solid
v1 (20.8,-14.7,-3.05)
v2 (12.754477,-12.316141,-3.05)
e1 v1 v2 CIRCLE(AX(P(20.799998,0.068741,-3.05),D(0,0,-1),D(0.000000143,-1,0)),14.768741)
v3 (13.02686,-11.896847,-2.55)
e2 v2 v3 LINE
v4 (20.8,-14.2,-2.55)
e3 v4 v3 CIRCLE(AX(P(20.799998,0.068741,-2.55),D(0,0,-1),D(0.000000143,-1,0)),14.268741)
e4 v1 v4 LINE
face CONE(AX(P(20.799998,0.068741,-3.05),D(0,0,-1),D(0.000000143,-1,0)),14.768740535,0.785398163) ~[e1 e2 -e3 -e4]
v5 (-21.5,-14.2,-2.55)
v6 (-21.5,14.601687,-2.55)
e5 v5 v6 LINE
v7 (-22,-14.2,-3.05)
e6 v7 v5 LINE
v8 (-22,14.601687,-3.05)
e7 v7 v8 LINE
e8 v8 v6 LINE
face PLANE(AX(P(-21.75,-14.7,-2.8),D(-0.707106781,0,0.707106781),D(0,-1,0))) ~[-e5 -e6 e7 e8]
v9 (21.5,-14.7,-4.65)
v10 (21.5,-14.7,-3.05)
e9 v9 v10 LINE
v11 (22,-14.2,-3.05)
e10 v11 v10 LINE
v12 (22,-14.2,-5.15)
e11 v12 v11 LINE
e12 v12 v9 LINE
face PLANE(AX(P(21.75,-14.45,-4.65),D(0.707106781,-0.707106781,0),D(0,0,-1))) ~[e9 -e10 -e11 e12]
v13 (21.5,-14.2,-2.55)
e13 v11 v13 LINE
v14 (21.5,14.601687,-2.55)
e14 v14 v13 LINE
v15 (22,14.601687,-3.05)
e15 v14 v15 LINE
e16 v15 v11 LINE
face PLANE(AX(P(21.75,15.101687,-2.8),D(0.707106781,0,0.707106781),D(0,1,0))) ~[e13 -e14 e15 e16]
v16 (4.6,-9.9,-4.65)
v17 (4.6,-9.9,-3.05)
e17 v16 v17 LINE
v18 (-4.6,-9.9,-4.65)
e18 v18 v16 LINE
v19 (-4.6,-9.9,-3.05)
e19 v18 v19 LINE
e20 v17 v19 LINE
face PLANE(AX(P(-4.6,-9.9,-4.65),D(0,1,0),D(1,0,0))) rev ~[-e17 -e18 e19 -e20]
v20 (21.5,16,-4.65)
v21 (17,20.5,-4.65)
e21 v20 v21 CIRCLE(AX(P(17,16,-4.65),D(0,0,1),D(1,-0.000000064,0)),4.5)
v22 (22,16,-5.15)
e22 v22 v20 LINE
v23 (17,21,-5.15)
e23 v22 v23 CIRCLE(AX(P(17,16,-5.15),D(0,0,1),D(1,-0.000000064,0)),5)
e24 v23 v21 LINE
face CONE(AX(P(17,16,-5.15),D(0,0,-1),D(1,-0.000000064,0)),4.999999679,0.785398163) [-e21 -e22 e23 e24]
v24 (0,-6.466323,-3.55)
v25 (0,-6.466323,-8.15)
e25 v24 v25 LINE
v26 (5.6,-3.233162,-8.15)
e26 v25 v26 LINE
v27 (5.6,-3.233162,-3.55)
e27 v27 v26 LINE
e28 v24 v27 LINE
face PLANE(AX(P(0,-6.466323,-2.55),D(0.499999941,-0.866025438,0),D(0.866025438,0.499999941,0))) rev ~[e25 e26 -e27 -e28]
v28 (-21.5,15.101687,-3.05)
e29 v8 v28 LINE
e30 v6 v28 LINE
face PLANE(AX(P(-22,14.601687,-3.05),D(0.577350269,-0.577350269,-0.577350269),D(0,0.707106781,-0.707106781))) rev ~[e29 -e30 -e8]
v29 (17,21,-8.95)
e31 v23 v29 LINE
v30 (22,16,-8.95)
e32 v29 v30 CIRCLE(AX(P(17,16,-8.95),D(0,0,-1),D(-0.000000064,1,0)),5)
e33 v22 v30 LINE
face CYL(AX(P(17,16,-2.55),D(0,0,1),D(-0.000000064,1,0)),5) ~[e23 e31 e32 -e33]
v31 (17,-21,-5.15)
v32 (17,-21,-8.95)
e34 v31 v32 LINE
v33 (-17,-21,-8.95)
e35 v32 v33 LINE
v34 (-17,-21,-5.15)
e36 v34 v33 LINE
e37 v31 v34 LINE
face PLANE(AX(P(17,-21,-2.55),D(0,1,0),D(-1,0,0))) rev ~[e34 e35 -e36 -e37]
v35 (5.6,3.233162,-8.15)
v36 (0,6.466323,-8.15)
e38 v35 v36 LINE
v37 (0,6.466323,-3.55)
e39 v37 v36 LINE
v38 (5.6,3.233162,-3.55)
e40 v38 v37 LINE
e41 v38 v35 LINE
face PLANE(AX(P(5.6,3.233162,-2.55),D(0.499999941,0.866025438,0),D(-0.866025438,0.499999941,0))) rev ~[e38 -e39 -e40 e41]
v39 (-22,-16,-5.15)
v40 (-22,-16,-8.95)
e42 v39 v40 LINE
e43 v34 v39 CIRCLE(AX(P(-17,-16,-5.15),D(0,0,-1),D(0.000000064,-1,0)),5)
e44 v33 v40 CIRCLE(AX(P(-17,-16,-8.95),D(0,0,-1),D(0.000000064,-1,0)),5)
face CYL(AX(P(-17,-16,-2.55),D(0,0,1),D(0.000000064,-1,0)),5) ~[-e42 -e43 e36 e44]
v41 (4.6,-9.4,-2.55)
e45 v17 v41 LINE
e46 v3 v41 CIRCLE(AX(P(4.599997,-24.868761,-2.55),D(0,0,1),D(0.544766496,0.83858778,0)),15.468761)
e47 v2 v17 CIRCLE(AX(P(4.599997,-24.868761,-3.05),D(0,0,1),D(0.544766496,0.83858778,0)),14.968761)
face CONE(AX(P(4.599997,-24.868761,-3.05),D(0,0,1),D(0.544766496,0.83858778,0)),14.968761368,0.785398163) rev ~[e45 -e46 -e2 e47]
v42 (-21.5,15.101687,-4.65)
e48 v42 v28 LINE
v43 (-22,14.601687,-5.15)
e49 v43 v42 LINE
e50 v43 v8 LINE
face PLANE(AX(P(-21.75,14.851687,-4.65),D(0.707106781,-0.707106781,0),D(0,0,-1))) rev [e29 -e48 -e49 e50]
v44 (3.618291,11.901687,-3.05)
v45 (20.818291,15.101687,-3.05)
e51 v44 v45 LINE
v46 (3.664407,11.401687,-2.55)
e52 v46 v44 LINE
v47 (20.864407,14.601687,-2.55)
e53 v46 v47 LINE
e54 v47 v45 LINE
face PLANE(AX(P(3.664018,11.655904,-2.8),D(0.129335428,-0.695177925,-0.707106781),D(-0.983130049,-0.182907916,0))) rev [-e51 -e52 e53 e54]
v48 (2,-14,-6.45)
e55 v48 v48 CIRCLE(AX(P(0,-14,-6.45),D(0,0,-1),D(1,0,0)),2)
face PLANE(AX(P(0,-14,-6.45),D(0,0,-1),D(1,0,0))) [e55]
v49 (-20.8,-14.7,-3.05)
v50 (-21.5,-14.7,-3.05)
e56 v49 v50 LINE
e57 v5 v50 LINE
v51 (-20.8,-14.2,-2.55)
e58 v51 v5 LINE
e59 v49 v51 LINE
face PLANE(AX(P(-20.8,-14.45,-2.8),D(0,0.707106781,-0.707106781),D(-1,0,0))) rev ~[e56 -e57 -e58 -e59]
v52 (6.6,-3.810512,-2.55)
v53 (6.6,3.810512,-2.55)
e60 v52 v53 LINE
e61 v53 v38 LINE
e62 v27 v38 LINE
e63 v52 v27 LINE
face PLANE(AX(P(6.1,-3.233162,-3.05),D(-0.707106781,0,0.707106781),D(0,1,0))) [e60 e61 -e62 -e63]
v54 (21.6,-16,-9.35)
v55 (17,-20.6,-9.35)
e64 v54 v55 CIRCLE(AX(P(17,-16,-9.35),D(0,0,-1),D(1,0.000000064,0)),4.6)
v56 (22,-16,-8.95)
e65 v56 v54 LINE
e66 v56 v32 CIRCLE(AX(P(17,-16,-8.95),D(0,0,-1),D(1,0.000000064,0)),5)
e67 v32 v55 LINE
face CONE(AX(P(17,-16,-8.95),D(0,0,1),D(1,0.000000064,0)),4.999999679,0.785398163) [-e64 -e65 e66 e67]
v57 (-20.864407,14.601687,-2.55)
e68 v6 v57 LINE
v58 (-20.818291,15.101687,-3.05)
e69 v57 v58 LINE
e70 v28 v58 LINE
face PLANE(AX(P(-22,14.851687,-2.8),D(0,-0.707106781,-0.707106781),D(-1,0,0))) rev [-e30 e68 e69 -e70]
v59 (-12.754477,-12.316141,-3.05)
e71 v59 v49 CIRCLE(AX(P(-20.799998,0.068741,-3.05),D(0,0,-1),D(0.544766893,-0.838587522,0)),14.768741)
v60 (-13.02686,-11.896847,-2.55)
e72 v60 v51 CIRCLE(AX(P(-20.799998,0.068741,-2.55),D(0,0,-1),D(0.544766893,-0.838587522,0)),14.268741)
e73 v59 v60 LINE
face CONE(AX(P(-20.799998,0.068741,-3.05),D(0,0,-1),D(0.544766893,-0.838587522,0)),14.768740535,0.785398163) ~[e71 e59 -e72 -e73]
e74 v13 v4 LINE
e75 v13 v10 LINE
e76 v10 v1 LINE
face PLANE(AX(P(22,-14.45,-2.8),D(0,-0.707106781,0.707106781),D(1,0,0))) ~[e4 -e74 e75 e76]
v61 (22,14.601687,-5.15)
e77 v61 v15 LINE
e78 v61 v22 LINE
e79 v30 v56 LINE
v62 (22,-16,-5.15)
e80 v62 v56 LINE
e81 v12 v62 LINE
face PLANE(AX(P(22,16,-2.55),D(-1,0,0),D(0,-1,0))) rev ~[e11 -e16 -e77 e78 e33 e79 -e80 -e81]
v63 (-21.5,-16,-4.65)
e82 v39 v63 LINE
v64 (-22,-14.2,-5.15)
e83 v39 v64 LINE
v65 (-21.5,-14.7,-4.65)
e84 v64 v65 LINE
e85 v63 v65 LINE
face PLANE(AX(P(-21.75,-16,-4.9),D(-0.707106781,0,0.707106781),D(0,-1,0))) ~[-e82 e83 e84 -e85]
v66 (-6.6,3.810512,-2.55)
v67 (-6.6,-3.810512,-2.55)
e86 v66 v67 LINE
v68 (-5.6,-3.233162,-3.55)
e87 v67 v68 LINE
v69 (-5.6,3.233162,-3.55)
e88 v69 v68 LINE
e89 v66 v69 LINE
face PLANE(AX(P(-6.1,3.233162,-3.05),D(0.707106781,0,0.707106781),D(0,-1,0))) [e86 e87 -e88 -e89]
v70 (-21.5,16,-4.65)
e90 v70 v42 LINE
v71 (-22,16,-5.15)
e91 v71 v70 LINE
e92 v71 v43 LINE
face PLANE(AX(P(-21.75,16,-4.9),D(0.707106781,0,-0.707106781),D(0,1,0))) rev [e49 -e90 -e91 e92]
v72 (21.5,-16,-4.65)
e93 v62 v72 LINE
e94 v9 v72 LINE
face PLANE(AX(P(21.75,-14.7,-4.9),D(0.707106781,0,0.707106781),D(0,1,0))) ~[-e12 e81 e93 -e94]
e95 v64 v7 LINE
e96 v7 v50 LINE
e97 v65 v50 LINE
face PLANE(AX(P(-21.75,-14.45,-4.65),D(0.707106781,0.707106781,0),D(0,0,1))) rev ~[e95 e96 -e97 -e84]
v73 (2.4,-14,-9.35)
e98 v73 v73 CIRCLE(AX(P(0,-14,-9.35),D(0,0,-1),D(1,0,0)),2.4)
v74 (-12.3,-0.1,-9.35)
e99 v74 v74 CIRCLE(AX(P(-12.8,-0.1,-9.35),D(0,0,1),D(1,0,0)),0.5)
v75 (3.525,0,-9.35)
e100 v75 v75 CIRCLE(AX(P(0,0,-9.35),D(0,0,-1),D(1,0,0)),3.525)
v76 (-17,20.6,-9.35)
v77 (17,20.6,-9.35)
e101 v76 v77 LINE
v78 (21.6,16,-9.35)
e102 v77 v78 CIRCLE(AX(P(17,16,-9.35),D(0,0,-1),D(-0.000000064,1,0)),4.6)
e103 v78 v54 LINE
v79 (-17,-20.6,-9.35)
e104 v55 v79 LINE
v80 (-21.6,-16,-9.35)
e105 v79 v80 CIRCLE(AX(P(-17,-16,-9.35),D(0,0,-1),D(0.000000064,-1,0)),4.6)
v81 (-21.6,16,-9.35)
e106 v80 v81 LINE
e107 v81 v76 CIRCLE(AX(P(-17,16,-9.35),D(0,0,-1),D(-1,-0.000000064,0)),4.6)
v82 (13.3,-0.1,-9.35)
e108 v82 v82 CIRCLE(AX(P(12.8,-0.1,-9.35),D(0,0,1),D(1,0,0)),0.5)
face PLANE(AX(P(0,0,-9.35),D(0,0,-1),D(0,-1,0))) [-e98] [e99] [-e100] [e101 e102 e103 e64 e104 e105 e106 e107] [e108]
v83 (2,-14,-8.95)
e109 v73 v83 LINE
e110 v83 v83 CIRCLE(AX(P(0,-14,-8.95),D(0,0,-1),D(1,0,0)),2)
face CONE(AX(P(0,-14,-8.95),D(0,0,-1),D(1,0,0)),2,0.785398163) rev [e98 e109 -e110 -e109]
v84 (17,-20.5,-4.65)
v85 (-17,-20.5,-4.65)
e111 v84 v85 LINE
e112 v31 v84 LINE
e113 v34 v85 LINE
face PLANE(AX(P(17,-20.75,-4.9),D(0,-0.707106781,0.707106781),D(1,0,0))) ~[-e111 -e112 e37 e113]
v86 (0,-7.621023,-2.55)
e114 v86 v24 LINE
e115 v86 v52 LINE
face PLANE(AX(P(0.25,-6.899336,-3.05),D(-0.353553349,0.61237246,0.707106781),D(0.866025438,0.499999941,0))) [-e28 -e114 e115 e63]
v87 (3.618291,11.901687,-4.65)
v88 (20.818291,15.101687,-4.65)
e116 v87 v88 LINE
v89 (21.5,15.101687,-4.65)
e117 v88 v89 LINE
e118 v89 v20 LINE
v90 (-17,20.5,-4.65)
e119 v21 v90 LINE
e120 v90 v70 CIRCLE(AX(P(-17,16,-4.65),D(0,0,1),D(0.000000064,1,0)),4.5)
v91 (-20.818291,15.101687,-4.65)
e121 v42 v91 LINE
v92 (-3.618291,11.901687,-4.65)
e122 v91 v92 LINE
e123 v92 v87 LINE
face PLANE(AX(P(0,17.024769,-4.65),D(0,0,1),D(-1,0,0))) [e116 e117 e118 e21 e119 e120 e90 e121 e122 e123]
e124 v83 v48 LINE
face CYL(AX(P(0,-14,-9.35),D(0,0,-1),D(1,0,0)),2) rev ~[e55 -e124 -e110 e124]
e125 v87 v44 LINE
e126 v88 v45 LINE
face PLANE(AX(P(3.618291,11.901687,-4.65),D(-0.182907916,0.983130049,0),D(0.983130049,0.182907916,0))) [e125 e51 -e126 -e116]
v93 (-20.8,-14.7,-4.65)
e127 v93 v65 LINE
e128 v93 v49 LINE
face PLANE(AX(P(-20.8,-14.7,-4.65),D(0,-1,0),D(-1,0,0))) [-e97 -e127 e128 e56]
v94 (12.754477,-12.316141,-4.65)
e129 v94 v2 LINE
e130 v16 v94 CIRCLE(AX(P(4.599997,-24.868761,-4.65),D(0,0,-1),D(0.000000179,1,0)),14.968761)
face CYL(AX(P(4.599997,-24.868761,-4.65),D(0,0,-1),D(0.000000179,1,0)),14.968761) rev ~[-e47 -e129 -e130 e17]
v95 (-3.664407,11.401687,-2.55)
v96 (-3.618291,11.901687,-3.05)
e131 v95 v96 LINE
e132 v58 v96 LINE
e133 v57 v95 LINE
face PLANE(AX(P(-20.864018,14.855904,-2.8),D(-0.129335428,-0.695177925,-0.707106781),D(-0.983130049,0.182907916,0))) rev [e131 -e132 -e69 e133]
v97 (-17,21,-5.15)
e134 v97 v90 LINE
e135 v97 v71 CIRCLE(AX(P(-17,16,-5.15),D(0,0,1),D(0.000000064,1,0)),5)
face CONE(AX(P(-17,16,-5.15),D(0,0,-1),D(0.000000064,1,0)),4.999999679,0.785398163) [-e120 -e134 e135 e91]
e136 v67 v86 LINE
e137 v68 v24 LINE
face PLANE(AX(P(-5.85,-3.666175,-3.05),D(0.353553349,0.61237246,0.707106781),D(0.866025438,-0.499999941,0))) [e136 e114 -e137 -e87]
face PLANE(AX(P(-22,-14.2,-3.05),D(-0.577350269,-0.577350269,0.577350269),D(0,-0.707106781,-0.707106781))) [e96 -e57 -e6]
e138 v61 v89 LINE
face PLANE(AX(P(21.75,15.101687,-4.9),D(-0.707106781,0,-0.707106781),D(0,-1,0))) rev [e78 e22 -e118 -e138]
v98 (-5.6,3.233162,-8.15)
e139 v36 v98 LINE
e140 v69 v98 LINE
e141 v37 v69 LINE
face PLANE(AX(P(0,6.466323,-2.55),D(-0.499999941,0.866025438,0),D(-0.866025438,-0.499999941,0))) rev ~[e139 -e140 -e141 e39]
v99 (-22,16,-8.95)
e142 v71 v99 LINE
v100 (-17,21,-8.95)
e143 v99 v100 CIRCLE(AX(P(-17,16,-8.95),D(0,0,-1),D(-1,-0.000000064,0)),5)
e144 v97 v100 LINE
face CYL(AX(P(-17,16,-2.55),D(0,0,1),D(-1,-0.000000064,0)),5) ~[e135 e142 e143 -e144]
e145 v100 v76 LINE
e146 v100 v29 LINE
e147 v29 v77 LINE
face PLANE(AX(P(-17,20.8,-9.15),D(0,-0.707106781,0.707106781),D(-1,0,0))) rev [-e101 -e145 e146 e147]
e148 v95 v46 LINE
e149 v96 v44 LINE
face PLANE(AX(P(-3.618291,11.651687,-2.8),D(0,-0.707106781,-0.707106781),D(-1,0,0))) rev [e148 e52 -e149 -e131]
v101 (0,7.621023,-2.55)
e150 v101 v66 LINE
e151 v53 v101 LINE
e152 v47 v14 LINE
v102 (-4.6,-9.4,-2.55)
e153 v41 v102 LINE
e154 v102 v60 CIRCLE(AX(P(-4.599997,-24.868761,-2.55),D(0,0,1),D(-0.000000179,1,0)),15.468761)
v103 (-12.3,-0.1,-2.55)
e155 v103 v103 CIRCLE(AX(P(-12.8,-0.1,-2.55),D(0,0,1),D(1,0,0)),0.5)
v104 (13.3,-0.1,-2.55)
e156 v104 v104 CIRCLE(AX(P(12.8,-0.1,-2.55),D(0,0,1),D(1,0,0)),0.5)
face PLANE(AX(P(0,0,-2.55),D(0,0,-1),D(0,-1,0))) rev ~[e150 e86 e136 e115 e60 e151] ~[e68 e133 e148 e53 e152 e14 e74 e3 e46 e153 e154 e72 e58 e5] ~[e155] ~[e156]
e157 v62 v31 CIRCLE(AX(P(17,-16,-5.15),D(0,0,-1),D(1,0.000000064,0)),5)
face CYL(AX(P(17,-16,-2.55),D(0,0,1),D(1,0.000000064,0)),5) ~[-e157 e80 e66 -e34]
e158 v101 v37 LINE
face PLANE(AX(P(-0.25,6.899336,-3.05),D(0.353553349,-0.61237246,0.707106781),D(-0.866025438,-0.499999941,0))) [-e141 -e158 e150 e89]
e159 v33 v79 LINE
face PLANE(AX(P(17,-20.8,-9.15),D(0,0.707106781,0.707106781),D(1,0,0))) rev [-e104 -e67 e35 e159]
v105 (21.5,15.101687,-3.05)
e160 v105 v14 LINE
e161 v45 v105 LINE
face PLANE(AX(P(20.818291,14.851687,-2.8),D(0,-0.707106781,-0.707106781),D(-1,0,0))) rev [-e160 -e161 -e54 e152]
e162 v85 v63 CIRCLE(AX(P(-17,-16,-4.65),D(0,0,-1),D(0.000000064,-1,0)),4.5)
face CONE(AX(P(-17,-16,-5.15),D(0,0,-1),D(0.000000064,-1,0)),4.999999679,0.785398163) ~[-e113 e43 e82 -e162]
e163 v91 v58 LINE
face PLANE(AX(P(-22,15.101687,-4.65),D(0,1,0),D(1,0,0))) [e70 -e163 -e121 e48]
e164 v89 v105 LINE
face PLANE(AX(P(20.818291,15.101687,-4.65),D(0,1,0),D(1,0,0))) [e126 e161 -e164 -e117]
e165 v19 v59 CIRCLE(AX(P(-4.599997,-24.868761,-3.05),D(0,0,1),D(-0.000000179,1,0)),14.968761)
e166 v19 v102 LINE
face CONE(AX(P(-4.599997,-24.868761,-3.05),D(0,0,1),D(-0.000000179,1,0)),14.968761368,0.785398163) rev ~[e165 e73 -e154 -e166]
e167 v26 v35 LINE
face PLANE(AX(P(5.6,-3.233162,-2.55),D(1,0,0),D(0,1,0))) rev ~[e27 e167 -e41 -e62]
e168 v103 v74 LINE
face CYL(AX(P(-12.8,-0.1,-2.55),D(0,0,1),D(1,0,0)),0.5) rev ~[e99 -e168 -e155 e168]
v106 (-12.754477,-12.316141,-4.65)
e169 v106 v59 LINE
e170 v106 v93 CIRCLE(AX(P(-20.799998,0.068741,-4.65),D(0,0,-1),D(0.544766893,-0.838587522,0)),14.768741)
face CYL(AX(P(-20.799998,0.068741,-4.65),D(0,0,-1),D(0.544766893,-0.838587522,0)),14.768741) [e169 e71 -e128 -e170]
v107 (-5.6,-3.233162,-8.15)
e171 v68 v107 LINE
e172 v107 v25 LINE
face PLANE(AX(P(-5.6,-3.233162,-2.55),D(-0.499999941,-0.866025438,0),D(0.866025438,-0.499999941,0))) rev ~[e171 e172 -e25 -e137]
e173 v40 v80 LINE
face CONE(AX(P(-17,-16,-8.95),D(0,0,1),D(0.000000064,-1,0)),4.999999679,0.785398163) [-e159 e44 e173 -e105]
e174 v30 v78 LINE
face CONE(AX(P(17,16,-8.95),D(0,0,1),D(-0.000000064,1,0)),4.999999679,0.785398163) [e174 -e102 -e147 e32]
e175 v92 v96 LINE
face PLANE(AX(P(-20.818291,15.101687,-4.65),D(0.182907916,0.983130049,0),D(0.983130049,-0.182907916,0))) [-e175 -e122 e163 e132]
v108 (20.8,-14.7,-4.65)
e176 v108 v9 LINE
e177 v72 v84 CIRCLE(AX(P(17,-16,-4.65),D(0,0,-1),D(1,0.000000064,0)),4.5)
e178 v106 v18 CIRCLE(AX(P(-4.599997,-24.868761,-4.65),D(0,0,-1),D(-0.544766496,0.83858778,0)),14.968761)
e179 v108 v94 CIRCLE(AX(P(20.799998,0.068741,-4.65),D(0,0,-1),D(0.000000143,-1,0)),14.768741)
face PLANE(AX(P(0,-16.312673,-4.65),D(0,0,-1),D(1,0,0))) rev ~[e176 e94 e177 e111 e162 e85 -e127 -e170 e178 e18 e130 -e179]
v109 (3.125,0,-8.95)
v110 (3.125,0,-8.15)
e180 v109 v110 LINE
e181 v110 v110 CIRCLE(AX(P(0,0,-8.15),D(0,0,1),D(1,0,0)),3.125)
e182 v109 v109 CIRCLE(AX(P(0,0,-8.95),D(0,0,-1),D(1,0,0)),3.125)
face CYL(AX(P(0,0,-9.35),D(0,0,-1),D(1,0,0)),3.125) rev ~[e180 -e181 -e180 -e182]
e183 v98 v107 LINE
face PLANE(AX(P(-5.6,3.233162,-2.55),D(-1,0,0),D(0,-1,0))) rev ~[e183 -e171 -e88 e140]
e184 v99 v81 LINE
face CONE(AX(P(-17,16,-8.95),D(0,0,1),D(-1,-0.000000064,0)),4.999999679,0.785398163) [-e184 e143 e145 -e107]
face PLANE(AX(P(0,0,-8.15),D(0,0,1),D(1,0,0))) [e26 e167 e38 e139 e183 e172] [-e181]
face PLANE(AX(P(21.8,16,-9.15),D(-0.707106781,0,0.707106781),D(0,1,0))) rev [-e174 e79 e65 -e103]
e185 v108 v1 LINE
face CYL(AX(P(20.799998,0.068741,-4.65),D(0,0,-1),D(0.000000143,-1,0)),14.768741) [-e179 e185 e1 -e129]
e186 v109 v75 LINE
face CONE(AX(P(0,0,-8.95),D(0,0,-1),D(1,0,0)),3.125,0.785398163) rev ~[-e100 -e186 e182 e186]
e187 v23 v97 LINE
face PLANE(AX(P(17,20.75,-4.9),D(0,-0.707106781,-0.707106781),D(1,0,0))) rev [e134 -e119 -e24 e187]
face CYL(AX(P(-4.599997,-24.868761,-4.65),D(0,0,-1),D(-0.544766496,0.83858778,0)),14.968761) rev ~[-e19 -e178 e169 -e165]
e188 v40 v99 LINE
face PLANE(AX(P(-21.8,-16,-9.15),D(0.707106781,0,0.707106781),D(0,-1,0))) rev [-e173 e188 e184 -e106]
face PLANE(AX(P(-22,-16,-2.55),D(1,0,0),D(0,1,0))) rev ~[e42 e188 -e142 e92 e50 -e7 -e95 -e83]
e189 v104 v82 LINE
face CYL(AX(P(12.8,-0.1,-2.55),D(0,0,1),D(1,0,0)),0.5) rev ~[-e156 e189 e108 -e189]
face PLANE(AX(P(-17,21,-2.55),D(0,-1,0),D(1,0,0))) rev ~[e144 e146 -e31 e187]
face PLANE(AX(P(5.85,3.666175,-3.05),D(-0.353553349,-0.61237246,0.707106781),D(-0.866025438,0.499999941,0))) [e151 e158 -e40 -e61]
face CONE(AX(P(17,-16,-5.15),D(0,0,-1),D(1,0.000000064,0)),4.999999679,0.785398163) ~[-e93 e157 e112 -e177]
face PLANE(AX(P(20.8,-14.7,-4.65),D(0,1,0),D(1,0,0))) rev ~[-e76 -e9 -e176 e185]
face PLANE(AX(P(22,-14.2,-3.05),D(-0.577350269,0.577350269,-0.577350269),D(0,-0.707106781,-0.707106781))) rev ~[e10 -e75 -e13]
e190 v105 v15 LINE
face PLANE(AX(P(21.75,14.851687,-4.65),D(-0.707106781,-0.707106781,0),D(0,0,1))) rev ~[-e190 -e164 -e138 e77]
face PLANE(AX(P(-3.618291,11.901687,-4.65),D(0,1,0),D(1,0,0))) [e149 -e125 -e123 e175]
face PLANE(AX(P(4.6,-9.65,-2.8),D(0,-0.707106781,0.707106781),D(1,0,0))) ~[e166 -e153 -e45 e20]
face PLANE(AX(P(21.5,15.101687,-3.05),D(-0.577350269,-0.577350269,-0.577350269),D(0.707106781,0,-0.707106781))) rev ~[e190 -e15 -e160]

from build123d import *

# Parameters (mm, degrees)
PAD006_DEPTH       = 6.8
POCKET007_DEPTH    = 2.101
POCKET009_DEPTH    = 2.101
CHAMFER003_SIZE    = 0.5
SKETCH023_R        = 3.125
SKETCH023_R_2      = 2
POCKET021_DEPTH    = 2.9
POCKET021_FACE36_R = 3.125
POCKET022_DEPTH    = 3.901
POCKET023_DEPTH    = 5.6
CHAMFER006_SIZE    = 0.4
SKETCH021_R        = 0.5
POCKET024_DEPTH    = 6.801
CHAMFER007_SIZE    = 1


with BuildPart() as part:
    # ShapeBinder001 → Pad006 (new body)
    with BuildSketch(Plane(origin=(0, 0, -2.55), x_dir=(0, -1, 0), z_dir=(0, 0, -1))):
        with BuildLine():
            Line((21, -17), (21, 17))
            ThreePointArc((21, 17), (19.535534, 20.535534), (16, 22))
            Line((16, 22), (-16, 22))
            ThreePointArc((-16, 22), (-19.535534, 20.535534), (-21, 17))
            Line((-21, 17), (-21, -17))
            ThreePointArc((-21, -17), (-19.535534, -20.535534), (-16, -22))
            Line((-16, -22), (16, -22))
            ThreePointArc((16, -22), (19.535534, -20.535534), (21, -17))
        make_face()
    extrude(amount=PAD006_DEPTH)

    # Sketch012 (on Face1 of ShapeBinder003) → Pocket007 (cut, through all)
    with BuildSketch(Plane(origin=(0, 0, -4.65), x_dir=(1, 0, 0), z_dir=(0, 0, -1))):
        with BuildLine():
            Line((-22, -16), (-22, -15.101687))
            Line((-22, -15.101687), (-20.818291, -15.101687))
            Line((-20.818291, -15.101687), (-3.618291, -11.901687))
            Line((-3.618291, -11.901687), (3.618291, -11.901687))
            Line((3.618291, -11.901687), (20.818291, -15.101687))
            Line((20.818291, -15.101687), (22, -15.101687))
            Line((22, -15.101687), (22, -16))
            ThreePointArc((17, -21), (20.535534, -19.535534), (22, -16))
            Line((17, -21), (-17, -21))
            ThreePointArc((-22, -16), (-20.535534, -19.535534), (-17, -21))
        make_face()
    extrude(amount=-POCKET007_DEPTH, mode=Mode.SUBTRACT)

    # Sketch014 (on Face1 of ShapeBinder004) → Pocket009 (cut, through all)
    with BuildSketch(Plane(origin=(0, 0, -4.65), x_dir=(1, 0, 0), z_dir=(0, 0, -1))):
        with BuildLine():
            Line((17, 21), (-17, 21))
            ThreePointArc((-17, 21), (-20.535534, 19.535534), (-22, 16))
            Line((-22, 14.7), (-22, 16))
            Line((-20.8, 14.7), (-22, 14.7))
            ThreePointArc((-12.754477, 12.316141), (-16.604371, 14.0915), (-20.8, 14.7))
            ThreePointArc((-12.754477, 12.316141), (-8.852447, 10.516741), (-4.6, 9.9))
            Line((-4.6, 9.9), (4.6, 9.9))
            ThreePointArc((4.6, 9.9), (8.852447, 10.516741), (12.754477, 12.316141))
            ThreePointArc((20.8, 14.7), (16.604371, 14.0915), (12.754477, 12.316141))
            Line((20.8, 14.7), (22, 14.7))
            Line((22, 14.7), (22, 16))
            ThreePointArc((22, 16), (20.535534, 19.535534), (17, 21))
        make_face()
    extrude(amount=-POCKET009_DEPTH, mode=Mode.SUBTRACT)

    # Chamfer003
    chamfer003_edges = [part.edges().sort_by_distance(p)[0] for p in [
        (-21.4, -14.7, -2.55),
        (-16.604371, -14.0915, -2.55),
        (-8.852447, -10.516741, -2.55),
        (0, -9.9, -2.55),
        (8.852447, -10.516741, -2.55),
        (16.604371, -14.0915, -2.55),
        (21.4, -14.7, -2.55),
        (22, 0.200843, -2.55),
        (21.409145, 15.101687, -2.55),
        (12.218291, 13.501687, -2.55),
        (0, 11.901687, -2.55),
        (-12.218291, 13.501687, -2.55),
        (-21.409145, 15.101687, -2.55),
        (-22, 0.200843, -2.55),
        (0, -21, -4.65),
        (0, 21, -4.65),
        (22, -14.7, -3.6),
        (-22, -14.7, -3.6),
        (22, 15.101687, -3.6),
        (-22, 15.101687, -3.6),
    ]]
    chamfer(chamfer003_edges, length=CHAMFER003_SIZE)

    # Sketch023 → Pocket021 (cut)
    with BuildSketch(Plane(origin=(0, 0, -9.35), x_dir=(1, 0, 0), z_dir=(0, 0, -1))):
        Circle(SKETCH023_R)
        with Locations((0, 14)):
            Circle(SKETCH023_R_2)
    extrude(amount=-POCKET021_DEPTH, mode=Mode.SUBTRACT)

    # Pocket021 Face36 → Pocket022 (cut, through all)
    with BuildSketch(Plane(origin=(0, 0, -6.45), x_dir=(0, -1, 0), z_dir=(0, 0, -1))):
        Circle(POCKET021_FACE36_R)
    extrude(amount=-POCKET022_DEPTH, mode=Mode.SUBTRACT)

    # Sketch024 (on Face40 of Pocket022) → Pocket023 (cut)
    with BuildSketch(Plane.XY.offset(-2.55)):
        Polygon((0, 6.466323), (-5.6, 3.233162), (-5.6, -3.233162), (0, -6.466323), (5.6, -3.233162), (5.6, 3.233162), align=None)
    extrude(amount=-POCKET023_DEPTH, mode=Mode.SUBTRACT)

    # Chamfer006
    chamfer006_edges = [part.edges().sort_by_distance(p)[0] for p in [
        (0, -21, -9.35),
        (-20.535534, -19.535534, -9.35),
        (20.535534, -19.535534, -9.35),
        (-22, 0, -9.35),
        (22, 0, -9.35),
        (-20.535534, 19.535534, -9.35),
        (20.535534, 19.535534, -9.35),
        (0, 21, -9.35),
        (-3.125, 0, -9.35),
        (-2, -14, -9.35),
    ]]
    chamfer(chamfer006_edges, length=CHAMFER006_SIZE)

    # Sketch021 (on Face38 of Chamfer003) → Pocket024 (cut, through all)
    with BuildSketch(Plane.XY.offset(-2.55)):
        with Locations((-12.8, -0.1)):
            Circle(SKETCH021_R)
        with Locations((12.8, -0.1)):
            Circle(SKETCH021_R)
    extrude(amount=-POCKET024_DEPTH, mode=Mode.SUBTRACT)

    # Chamfer007
    chamfer007_edges = [part.edges().sort_by_distance(p)[0] for p in [
        (5.6, 0, -2.55),
        (2.8, 4.849742, -2.55),
        (-2.8, 4.849742, -2.55),
        (-5.6, 0, -2.55),
        (-2.8, -4.849742, -2.55),
        (2.8, -4.849742, -2.55),
    ]]
    chamfer(chamfer007_edges, length=CHAMFER007_SIZE)


solid = part.part
